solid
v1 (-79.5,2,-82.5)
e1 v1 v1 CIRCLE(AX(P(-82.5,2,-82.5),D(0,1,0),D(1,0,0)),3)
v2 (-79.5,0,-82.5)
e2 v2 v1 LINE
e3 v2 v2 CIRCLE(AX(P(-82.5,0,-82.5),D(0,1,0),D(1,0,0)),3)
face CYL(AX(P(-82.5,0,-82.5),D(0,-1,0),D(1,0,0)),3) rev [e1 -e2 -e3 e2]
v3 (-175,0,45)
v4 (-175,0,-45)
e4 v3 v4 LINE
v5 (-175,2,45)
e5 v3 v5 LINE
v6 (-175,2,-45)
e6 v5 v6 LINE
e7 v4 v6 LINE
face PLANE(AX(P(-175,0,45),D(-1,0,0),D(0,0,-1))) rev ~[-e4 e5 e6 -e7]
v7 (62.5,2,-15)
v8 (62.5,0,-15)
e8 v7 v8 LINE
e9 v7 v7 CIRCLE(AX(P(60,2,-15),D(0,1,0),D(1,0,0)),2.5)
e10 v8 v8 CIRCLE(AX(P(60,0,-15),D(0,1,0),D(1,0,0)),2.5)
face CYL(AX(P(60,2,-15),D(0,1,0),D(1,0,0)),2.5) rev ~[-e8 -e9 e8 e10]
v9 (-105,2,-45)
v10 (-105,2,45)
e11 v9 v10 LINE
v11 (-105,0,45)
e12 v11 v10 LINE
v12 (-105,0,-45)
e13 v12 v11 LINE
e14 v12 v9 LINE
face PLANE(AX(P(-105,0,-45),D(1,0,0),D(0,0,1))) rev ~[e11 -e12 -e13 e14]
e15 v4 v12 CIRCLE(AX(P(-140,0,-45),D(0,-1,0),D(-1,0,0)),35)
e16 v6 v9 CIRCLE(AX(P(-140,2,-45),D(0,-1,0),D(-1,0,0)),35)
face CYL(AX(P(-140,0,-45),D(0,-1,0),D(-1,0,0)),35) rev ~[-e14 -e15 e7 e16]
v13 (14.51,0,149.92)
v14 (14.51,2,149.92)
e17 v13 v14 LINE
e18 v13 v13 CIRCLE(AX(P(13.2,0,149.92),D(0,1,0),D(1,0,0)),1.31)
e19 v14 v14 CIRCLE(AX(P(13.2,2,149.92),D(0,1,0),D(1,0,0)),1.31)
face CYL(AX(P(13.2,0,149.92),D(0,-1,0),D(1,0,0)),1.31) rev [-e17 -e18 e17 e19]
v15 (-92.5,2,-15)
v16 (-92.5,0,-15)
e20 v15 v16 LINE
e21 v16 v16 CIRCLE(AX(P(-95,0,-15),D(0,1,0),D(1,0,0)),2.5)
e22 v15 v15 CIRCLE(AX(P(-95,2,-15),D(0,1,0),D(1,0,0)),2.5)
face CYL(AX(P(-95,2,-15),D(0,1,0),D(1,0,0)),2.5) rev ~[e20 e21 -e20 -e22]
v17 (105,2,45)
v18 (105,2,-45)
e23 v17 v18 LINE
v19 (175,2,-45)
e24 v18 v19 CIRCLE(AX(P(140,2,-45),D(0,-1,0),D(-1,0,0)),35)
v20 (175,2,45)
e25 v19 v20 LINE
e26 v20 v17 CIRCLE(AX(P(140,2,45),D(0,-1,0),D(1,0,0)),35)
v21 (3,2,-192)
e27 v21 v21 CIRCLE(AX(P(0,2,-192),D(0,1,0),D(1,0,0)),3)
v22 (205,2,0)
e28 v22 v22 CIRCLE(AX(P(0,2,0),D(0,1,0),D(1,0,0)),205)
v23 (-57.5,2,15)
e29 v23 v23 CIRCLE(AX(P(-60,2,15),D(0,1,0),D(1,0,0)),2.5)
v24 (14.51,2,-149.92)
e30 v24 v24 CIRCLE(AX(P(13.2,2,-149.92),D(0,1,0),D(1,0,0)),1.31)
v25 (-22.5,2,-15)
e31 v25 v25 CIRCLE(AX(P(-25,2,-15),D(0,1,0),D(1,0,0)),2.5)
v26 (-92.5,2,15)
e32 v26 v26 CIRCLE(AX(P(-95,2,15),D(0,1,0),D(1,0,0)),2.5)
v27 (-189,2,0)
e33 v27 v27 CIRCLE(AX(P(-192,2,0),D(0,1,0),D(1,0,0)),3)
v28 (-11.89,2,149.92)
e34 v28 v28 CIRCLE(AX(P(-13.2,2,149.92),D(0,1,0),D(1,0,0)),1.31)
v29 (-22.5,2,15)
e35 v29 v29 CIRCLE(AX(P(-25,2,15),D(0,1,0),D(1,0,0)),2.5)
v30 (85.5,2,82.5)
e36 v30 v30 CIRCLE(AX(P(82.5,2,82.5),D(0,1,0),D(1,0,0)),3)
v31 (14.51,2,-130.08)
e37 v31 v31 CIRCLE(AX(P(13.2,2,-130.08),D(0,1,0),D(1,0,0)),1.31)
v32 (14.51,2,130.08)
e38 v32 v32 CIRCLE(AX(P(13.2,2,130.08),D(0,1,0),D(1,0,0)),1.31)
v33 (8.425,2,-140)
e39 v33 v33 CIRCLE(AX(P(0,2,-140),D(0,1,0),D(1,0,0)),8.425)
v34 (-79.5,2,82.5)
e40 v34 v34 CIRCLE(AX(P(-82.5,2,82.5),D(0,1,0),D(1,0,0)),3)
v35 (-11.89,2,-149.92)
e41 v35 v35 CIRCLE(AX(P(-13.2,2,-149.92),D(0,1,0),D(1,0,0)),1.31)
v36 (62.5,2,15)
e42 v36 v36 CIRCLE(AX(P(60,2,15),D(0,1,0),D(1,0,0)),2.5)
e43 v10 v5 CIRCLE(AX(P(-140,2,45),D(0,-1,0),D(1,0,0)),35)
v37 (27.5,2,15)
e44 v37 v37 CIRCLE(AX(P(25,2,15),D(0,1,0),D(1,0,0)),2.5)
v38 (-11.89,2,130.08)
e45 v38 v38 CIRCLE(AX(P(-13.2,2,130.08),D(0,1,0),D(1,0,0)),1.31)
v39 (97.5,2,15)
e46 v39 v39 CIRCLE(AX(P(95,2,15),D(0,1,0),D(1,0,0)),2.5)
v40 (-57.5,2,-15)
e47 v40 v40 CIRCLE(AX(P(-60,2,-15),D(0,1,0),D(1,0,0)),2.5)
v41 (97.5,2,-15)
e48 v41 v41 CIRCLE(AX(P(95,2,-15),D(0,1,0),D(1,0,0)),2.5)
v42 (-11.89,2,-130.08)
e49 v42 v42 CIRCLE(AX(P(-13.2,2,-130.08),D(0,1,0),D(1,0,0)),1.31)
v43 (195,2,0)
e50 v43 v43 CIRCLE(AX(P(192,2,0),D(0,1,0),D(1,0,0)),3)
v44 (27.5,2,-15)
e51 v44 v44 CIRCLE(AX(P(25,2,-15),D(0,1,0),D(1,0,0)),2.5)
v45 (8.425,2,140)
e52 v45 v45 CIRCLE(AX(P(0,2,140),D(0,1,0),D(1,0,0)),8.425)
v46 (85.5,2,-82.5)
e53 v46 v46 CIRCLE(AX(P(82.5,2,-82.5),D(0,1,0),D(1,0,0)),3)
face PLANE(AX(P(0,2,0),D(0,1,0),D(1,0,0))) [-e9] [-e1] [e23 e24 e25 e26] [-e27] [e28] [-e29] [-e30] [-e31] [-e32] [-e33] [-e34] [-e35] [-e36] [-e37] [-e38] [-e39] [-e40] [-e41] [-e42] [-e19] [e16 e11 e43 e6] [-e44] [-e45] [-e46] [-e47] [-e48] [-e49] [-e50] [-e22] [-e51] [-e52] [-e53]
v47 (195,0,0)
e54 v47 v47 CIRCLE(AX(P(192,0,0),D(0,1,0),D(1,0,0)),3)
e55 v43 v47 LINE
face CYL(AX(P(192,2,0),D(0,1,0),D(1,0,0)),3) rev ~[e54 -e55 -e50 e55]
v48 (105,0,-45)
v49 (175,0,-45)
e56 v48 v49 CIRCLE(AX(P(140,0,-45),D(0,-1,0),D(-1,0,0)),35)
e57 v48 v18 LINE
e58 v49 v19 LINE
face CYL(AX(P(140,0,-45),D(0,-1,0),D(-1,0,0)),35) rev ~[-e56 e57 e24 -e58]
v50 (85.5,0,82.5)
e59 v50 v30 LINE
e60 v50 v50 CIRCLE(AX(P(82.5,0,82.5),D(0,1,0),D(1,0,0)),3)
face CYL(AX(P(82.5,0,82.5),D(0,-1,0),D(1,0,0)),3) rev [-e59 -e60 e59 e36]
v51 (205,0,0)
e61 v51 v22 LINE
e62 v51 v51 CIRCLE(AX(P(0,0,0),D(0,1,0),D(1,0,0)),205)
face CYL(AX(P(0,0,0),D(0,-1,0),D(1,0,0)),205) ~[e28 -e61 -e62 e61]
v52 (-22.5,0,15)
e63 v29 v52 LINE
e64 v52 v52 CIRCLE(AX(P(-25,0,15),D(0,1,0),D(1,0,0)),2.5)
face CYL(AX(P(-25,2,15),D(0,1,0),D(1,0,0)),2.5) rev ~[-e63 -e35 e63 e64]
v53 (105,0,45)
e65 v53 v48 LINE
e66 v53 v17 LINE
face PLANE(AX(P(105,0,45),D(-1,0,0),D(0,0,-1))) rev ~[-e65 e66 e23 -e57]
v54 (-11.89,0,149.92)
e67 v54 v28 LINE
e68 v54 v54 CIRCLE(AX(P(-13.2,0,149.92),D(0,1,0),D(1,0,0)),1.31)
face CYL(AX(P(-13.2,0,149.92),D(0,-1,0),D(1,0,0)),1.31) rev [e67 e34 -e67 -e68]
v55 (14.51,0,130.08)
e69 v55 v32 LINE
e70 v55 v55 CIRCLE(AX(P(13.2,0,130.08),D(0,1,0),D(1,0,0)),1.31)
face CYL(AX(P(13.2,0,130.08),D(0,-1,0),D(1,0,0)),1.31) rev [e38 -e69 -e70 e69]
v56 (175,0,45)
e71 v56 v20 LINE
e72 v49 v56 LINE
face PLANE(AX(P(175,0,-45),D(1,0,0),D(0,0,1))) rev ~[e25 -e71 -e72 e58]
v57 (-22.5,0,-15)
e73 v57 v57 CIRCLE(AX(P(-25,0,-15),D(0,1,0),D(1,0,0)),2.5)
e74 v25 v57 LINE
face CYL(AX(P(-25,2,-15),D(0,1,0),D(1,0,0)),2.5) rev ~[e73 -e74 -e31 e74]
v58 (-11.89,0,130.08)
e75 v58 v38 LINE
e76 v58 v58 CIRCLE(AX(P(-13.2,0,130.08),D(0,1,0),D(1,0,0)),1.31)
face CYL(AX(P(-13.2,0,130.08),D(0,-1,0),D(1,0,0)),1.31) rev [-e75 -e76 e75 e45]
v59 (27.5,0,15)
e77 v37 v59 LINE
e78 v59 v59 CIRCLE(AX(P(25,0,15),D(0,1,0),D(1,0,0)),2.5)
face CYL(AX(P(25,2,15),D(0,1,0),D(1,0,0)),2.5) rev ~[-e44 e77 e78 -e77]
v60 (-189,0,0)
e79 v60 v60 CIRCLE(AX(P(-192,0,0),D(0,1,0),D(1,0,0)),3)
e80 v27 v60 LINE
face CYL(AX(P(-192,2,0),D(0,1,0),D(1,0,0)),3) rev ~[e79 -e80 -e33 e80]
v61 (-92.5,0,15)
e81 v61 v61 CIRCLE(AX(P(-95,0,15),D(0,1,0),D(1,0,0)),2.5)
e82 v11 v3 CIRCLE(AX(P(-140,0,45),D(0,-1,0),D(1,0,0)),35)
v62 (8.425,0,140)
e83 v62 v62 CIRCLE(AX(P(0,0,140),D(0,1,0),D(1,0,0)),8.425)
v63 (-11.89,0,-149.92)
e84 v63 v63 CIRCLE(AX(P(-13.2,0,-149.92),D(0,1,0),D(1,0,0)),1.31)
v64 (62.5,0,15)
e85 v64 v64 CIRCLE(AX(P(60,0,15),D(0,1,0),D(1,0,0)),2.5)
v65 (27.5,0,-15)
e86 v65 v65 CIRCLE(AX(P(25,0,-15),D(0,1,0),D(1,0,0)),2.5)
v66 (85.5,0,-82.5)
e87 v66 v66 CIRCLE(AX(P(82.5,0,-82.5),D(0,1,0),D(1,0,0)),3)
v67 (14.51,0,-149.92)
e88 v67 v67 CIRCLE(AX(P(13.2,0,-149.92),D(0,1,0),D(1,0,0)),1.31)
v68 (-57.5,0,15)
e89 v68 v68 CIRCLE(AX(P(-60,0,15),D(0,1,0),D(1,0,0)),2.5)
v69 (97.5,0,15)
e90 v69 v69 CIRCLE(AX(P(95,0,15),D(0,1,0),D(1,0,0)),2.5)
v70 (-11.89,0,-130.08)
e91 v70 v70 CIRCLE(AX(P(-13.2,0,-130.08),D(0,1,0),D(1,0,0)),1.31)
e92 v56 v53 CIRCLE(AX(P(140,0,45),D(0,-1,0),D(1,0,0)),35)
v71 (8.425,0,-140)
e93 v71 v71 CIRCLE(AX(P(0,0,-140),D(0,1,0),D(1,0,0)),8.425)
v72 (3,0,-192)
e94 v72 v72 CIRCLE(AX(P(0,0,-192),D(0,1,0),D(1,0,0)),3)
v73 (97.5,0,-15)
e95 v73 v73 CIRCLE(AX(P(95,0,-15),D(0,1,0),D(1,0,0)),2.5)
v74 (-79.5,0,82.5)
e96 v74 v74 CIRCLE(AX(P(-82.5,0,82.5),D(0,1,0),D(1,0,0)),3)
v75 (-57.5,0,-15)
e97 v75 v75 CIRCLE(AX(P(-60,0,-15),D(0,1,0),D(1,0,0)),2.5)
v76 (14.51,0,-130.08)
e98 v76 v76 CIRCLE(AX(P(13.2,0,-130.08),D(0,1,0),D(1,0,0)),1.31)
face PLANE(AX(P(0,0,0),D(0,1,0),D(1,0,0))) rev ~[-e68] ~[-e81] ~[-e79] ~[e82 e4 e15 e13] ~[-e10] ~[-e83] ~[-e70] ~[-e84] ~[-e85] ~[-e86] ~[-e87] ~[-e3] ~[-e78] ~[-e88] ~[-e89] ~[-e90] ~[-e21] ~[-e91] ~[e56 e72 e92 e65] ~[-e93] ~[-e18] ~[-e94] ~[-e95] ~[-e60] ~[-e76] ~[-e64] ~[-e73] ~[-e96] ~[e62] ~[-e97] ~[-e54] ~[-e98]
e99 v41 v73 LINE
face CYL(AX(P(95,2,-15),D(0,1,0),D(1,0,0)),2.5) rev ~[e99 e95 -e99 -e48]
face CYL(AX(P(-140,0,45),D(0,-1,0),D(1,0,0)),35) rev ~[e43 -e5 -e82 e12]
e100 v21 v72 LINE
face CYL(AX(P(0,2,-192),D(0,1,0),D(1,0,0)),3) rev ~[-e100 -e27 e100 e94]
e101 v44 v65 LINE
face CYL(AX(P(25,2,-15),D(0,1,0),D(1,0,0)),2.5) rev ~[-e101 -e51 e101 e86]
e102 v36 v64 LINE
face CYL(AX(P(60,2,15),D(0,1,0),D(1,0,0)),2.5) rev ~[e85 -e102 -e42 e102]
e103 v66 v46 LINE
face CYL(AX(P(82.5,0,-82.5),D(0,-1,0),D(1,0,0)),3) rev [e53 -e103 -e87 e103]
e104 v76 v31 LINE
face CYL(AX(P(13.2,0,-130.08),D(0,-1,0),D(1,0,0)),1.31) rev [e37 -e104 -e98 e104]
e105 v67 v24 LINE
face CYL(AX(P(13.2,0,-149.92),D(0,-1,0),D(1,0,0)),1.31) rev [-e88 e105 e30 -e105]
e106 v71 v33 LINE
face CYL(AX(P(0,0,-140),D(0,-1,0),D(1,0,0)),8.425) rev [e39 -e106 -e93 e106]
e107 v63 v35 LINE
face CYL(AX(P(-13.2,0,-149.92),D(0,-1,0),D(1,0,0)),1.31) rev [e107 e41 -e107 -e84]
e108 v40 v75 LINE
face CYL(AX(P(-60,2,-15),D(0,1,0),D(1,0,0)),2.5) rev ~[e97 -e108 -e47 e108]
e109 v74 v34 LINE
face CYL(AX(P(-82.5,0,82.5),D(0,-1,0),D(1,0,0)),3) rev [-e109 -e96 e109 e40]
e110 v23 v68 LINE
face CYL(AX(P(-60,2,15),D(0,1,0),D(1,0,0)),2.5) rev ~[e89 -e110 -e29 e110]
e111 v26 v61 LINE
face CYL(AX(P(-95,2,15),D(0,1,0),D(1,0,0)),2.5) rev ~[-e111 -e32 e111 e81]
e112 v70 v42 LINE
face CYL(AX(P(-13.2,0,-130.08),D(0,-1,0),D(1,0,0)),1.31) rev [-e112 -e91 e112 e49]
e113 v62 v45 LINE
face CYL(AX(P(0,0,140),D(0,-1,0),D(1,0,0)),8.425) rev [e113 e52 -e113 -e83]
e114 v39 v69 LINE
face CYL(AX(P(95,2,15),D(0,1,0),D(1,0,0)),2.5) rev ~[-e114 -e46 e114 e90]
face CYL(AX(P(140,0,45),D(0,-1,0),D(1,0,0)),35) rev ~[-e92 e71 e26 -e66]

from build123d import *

# Parameters (mm, degrees)
SKETCH1_R               = 205
SKETCH1_R_2             = 8.425
SKETCH1_R_3             = 1.31
SKETCH1_R_4             = 3
BOSS_EXTRUDE1_DEPTH     = 2
SKETCH2_R               = 3
CUT_EXTRUDE1_DEPTH      = 1
CUT_EXTRUDE1_DEPTH_BACK = 3
SKETCH3_R               = 2.5
CUT_EXTRUDE2_DEPTH      = 10


with BuildPart() as part:
    # Sketch1 → Boss-Extrude1 (new body)
    with BuildSketch(Plane(origin=(0, 0, 0), x_dir=(1, 0, 0), z_dir=(0, 1, 0))):
        Circle(SKETCH1_R)
        with Locations((0, 140)):
            Circle(SKETCH1_R_2, mode=Mode.SUBTRACT)
        with Locations((0, -140)):
            Circle(SKETCH1_R_2, mode=Mode.SUBTRACT)
        with Locations((-13.2, 149.92)):
            Circle(SKETCH1_R_3, mode=Mode.SUBTRACT)
        with Locations((13.2, 149.92)):
            Circle(SKETCH1_R_3, mode=Mode.SUBTRACT)
        with Locations((13.2, 130.08)):
            Circle(SKETCH1_R_3, mode=Mode.SUBTRACT)
        with Locations((-13.2, 130.08)):
            Circle(SKETCH1_R_3, mode=Mode.SUBTRACT)
        with Locations((-13.2, -130.08)):
            Circle(SKETCH1_R_3, mode=Mode.SUBTRACT)
        with Locations((13.2, -130.08)):
            Circle(SKETCH1_R_3, mode=Mode.SUBTRACT)
        with Locations((13.2, -149.92)):
            Circle(SKETCH1_R_3, mode=Mode.SUBTRACT)
        with Locations((-13.2, -149.92)):
            Circle(SKETCH1_R_3, mode=Mode.SUBTRACT)
        with Locations((-82.5, 82.5)):
            Circle(SKETCH1_R_4, mode=Mode.SUBTRACT)
        with Locations((82.5, 82.5)):
            Circle(SKETCH1_R_4, mode=Mode.SUBTRACT)
        with Locations((82.5, -82.5)):
            Circle(SKETCH1_R_4, mode=Mode.SUBTRACT)
        with Locations((-82.5, -82.5)):
            Circle(SKETCH1_R_4, mode=Mode.SUBTRACT)
        with BuildLine():
            Line((-105, 45), (-105, -45))
            ThreePointArc((-105, -45), (-140, -80), (-175, -45))
            Line((-175, -45), (-175, 45))
            ThreePointArc((-175, 45), (-140, 80), (-105, 45))
        make_face(mode=Mode.SUBTRACT)
        with BuildLine():
            Line((175, 45), (175, -45))
            ThreePointArc((175, -45), (140, -80), (105, -45))
            Line((105, -45), (105, 45))
            ThreePointArc((105, 45), (140, 80), (175, 45))
        make_face(mode=Mode.SUBTRACT)
    extrude(amount=BOSS_EXTRUDE1_DEPTH)

    # Sketch2 → Cut-Extrude1 (cut, two sides)
    with BuildSketch(Plane(origin=(0, 2, 0), x_dir=(1, 0, 0), z_dir=(0, 1, 0))) as cut_extrude1_sk:
        with Locations((0, 192)):
            Circle(SKETCH2_R)
        with Locations((192, 0)):
            Circle(SKETCH2_R)
        with Locations((-192, 0)):
            Circle(SKETCH2_R)
    extrude(amount=CUT_EXTRUDE1_DEPTH, mode=Mode.SUBTRACT)
    extrude(cut_extrude1_sk.sketch, amount=-CUT_EXTRUDE1_DEPTH_BACK, mode=Mode.SUBTRACT)

    # Sketch3 → Cut-Extrude2 (cut)
    with BuildSketch(Plane(origin=(0, 2, 0), x_dir=(1, 0, 0), z_dir=(0, 1, 0))):
        with Locations((95, 15)):
            Circle(SKETCH3_R)
        with Locations((95, -15)):
            Circle(SKETCH3_R)
        with Locations((60, -15)):
            Circle(SKETCH3_R)
        with Locations((25, -15)):
            Circle(SKETCH3_R)
        with Locations((25, 15)):
            Circle(SKETCH3_R)
        with Locations((60, 15)):
            Circle(SKETCH3_R)
        with Locations((-60, 15)):
            Circle(SKETCH3_R)
        with Locations((-25, 15)):
            Circle(SKETCH3_R)
        with Locations((-25, -15)):
            Circle(SKETCH3_R)
        with Locations((-60, -15)):
            Circle(SKETCH3_R)
        with Locations((-95, -15)):
            Circle(SKETCH3_R)
        with Locations((-95, 15)):
            Circle(SKETCH3_R)
    extrude(amount=-CUT_EXTRUDE2_DEPTH, mode=Mode.SUBTRACT)


solid = part.part
